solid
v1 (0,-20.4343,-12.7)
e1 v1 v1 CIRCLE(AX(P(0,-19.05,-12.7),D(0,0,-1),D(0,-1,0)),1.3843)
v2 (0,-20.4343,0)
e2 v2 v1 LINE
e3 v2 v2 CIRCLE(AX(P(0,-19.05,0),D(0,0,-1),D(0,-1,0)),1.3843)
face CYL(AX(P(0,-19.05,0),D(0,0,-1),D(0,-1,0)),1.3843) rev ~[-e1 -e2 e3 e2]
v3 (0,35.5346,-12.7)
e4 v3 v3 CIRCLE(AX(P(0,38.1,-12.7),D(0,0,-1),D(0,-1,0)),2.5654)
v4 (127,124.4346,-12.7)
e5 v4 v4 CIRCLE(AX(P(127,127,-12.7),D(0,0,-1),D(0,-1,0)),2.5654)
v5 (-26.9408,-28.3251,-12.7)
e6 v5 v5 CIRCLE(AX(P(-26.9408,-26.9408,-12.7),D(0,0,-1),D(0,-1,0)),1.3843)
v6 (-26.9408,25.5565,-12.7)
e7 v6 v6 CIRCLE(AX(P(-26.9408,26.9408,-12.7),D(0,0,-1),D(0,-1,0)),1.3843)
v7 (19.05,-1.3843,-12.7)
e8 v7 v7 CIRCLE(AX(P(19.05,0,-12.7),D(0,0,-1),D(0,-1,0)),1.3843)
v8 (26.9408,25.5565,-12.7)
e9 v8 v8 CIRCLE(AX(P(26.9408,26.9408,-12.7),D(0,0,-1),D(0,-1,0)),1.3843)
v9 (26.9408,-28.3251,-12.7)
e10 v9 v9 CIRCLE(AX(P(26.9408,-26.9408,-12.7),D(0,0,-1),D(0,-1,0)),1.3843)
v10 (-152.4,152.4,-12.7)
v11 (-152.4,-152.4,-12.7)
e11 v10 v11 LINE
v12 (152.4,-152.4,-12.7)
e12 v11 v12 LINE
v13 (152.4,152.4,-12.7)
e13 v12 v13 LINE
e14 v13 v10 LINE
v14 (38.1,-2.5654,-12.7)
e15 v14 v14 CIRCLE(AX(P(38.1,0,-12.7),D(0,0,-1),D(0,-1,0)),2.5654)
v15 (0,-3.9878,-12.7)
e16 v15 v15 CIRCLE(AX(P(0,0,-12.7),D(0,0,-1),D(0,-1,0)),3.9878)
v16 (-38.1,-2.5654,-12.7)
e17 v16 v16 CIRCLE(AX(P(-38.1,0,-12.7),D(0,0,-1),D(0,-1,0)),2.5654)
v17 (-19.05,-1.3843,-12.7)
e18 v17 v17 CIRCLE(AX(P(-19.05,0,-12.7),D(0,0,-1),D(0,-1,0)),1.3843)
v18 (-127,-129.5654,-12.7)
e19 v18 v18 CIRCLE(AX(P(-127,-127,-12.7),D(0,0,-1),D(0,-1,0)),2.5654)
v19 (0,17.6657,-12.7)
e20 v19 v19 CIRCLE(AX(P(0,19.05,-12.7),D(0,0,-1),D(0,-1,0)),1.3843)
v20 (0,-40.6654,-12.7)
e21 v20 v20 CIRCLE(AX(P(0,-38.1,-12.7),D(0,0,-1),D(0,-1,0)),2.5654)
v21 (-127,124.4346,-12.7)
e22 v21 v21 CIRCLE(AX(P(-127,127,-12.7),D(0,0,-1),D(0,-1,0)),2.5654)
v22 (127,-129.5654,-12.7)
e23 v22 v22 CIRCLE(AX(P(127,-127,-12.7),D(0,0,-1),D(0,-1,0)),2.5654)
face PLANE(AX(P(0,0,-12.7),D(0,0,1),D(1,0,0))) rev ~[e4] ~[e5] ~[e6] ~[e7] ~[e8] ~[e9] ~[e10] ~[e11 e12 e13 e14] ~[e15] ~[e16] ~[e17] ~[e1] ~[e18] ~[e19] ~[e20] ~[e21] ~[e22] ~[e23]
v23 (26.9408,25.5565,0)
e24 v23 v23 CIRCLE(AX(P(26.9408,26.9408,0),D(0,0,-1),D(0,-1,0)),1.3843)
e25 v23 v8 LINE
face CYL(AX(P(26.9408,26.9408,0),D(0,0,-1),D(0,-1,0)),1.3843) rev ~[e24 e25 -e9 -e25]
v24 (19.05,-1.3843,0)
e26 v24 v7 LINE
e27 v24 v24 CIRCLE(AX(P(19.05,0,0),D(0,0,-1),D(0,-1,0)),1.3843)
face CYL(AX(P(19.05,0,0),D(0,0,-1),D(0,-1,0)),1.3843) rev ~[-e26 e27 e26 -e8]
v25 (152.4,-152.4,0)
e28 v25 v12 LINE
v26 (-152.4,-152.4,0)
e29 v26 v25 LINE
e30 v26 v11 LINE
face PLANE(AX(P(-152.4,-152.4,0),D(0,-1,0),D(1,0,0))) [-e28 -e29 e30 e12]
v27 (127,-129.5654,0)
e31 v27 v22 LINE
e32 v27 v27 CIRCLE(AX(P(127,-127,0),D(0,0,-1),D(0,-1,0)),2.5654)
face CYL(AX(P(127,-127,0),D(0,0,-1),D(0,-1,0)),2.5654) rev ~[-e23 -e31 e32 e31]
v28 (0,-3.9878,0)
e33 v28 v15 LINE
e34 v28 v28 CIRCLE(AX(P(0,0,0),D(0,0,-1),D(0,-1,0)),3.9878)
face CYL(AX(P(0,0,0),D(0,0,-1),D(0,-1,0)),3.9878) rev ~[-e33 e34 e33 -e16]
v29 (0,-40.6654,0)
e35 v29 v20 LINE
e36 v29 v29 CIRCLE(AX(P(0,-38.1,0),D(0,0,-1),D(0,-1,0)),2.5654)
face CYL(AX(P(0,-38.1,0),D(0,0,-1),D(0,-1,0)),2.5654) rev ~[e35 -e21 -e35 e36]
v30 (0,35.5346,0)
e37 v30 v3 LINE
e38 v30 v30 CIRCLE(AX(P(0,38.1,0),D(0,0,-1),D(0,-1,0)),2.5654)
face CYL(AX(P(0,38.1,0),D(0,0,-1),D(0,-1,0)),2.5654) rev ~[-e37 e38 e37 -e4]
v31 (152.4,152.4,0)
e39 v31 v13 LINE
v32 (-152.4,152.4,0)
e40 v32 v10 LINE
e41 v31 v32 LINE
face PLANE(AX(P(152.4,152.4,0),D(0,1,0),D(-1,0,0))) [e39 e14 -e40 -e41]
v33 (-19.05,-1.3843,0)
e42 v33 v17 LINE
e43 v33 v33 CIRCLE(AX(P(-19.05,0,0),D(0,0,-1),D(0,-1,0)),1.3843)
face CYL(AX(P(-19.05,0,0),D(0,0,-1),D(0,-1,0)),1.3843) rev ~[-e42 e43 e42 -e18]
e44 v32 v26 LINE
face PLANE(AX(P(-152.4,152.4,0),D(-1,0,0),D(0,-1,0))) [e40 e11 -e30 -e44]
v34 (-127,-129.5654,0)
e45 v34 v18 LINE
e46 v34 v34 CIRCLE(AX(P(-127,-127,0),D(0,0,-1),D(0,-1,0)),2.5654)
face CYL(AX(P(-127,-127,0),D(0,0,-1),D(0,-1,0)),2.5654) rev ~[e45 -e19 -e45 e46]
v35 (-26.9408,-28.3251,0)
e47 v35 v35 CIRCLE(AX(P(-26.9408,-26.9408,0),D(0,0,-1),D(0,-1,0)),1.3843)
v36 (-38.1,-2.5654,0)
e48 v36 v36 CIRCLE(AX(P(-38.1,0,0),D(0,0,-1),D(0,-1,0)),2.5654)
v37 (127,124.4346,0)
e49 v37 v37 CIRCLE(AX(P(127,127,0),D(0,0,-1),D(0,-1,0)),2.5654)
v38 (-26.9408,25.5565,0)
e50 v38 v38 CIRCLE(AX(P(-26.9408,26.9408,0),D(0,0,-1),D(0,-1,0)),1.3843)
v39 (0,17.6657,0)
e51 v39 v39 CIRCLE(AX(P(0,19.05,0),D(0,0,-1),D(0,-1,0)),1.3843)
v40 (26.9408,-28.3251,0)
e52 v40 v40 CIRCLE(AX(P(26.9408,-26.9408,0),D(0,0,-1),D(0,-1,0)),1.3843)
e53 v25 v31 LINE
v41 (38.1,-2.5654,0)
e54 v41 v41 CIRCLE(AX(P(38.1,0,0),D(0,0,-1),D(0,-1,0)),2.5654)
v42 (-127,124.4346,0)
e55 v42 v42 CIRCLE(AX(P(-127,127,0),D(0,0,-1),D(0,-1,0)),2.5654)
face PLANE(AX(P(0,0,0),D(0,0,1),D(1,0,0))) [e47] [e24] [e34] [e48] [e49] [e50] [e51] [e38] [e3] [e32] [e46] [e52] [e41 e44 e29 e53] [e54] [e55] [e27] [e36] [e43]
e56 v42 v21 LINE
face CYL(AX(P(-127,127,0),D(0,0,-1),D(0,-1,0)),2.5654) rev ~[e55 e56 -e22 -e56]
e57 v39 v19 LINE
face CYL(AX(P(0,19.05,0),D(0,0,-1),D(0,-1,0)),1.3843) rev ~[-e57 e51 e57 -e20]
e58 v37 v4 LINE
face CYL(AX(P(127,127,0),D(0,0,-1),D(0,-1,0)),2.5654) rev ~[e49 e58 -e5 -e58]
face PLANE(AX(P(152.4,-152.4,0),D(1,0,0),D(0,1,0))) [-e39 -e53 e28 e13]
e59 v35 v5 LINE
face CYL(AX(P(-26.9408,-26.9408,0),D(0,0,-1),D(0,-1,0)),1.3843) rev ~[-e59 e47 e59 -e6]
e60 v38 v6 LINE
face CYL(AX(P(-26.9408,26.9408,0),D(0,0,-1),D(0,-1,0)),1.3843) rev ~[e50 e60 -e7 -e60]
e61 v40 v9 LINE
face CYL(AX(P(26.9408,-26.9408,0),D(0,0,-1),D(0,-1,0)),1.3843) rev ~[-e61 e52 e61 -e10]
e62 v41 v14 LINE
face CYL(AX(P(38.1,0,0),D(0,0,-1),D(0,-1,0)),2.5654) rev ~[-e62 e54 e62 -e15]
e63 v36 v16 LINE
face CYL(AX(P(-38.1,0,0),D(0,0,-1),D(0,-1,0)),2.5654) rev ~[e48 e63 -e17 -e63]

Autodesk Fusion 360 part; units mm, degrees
sketch "Sketch1" plane through (0, 0, 0) normal (0, 0, 1) x (1, 0, 0)
  line L0 (-152.4, -152.4) -> (152.4, -152.4)
  line L1 (152.4, -152.4) -> (152.4, 152.4)
  line L2 (152.4, 152.4) -> (-152.4, 152.4)
  line L3 (-152.4, 152.4) -> (-152.4, -152.4)
  line L4 (-127, -127) -> (127, -127)
  line L5 (127, -127) -> (127, 127)
  line L6 (127, 127) -> (-127, 127)
  line L7 (-127, 127) -> (-127, -127)
  circle A0 centre (0, 0) radius 45
  circle A1 centre (0, 0) radius 38.1
  circle A2 centre (0, 0) radius 19.05
  line L8 (0, 0) -> (-38.1, 0)
  line L9 (0, 0) -> (0, 38.1)
  line L10 (0, 0) -> (38.1, 0)
  line L11 (0, 0) -> (0, -38.1)
  line L12 (0, 0) -> (26.9408, 26.9408)
  line L13 (0, 0) -> (38.1, 0) construction
  line L14 (0, 0) -> (26.9408, -26.9408)
  line L15 (0, 0) -> (38.1, 0) construction
  line L16 (0, 0) -> (-26.9408, -26.9408)
  line L17 (0, 0) -> (38.1, 0) construction
  line L18 (0, 0) -> (-26.9408, 26.9408)
  line L19 (0, 0) -> (38.1, 0) construction
  point P0 (0, 19.05)
  point P1 (19.05, 0)
  point P2 (0, -19.05)
  point P3 (-19.05, 0)
  dimension "d1" = 304.8
  dimension "d2" = 304.8
  dimension "d3" = 254
  dimension "d4" = 254
  dimension "d5" = 90
  dimension "d6" = 76.2
  dimension "d7" = 38.1
  dimension "d8" = 38.1
  dimension "d9" = 38.1
  dimension "d10" = 38.1
  dimension "d11" = 38.1
  dimension "d12" = 45
  dimension "d13" = 45
  dimension "d14" = 135
  dimension "d15" = 135
extrude "Extrude1" add sketch "Sketch1" against normal blind 12.7 contours L0 L1 L2 L3 | L4 L5 L6 L7 | A0 | A1 A2 L10 L12 | A1 A2 L10 L14 | A1 A2 L9 L12 | A1 A2 L11 L14 | A2 L10 L12 | A2 L10 L14 | A1 A2 L9 L18 | A2 L9 L12 | A1 A2 L11 L16 | A2 L11 L14 | A2 L8 L16 | A2 L9 L18 | A2 L11 L16 | A2 L8 L18 | A1 A2 L8 L18 | A1 A2 L8 L16 makes body 1 in component "PT785S_Base_Mount"
hole "Hole1" at (-127, 127, 0) at (127, 127, 0) at (127, -127, 0) at (-127, -127, 0) at (-38.1, 0, 0) at (0, 38.1, 0) at (38.1, 0, 0) at (0, -38.1, 0) direction (0, 0, -1) diameter 5.1308 depth 12.7 tip angle 180 bodies 1 in component "PT785S_Base_Mount"
hole "Hole2" at (-26.9408, 26.9408, 0) at (26.9408, 26.9408, 0) at (26.9408, -26.9408, 0) at (-26.9408, -26.9408, 0) at (-19.05, 0, 0) at (0, 19.05, 0) at (19.05, 0, 0) at (0, -19.05, 0) direction (0, 0, -1) diameter 2.7686 depth 12.7 tip angle 180 bodies 1 in component "PT785S_Base_Mount"
hole "Hole3" at (0, 0, 0) direction (0, 0, -1) diameter 7.9756 depth 12.7 tip angle 180 bodies 1 in component "PT785S_Base_Mount"
copy_body "Body->Comp1" bodies 1 removing the originals makes body 2 in component "Aluminum_6061_Plate"
component "PT785S_Base_Mount" placed x (1, 0, 0) y (0, 1, 0) z (0, 0, 1) at (0, 0, 0)
component "Aluminum_6061_Plate" placed x (1, 0, 0) y (0, 1, 0) z (0, 0, 1) at (0, 0, 0) in component "PT785S_Base_Mount"
